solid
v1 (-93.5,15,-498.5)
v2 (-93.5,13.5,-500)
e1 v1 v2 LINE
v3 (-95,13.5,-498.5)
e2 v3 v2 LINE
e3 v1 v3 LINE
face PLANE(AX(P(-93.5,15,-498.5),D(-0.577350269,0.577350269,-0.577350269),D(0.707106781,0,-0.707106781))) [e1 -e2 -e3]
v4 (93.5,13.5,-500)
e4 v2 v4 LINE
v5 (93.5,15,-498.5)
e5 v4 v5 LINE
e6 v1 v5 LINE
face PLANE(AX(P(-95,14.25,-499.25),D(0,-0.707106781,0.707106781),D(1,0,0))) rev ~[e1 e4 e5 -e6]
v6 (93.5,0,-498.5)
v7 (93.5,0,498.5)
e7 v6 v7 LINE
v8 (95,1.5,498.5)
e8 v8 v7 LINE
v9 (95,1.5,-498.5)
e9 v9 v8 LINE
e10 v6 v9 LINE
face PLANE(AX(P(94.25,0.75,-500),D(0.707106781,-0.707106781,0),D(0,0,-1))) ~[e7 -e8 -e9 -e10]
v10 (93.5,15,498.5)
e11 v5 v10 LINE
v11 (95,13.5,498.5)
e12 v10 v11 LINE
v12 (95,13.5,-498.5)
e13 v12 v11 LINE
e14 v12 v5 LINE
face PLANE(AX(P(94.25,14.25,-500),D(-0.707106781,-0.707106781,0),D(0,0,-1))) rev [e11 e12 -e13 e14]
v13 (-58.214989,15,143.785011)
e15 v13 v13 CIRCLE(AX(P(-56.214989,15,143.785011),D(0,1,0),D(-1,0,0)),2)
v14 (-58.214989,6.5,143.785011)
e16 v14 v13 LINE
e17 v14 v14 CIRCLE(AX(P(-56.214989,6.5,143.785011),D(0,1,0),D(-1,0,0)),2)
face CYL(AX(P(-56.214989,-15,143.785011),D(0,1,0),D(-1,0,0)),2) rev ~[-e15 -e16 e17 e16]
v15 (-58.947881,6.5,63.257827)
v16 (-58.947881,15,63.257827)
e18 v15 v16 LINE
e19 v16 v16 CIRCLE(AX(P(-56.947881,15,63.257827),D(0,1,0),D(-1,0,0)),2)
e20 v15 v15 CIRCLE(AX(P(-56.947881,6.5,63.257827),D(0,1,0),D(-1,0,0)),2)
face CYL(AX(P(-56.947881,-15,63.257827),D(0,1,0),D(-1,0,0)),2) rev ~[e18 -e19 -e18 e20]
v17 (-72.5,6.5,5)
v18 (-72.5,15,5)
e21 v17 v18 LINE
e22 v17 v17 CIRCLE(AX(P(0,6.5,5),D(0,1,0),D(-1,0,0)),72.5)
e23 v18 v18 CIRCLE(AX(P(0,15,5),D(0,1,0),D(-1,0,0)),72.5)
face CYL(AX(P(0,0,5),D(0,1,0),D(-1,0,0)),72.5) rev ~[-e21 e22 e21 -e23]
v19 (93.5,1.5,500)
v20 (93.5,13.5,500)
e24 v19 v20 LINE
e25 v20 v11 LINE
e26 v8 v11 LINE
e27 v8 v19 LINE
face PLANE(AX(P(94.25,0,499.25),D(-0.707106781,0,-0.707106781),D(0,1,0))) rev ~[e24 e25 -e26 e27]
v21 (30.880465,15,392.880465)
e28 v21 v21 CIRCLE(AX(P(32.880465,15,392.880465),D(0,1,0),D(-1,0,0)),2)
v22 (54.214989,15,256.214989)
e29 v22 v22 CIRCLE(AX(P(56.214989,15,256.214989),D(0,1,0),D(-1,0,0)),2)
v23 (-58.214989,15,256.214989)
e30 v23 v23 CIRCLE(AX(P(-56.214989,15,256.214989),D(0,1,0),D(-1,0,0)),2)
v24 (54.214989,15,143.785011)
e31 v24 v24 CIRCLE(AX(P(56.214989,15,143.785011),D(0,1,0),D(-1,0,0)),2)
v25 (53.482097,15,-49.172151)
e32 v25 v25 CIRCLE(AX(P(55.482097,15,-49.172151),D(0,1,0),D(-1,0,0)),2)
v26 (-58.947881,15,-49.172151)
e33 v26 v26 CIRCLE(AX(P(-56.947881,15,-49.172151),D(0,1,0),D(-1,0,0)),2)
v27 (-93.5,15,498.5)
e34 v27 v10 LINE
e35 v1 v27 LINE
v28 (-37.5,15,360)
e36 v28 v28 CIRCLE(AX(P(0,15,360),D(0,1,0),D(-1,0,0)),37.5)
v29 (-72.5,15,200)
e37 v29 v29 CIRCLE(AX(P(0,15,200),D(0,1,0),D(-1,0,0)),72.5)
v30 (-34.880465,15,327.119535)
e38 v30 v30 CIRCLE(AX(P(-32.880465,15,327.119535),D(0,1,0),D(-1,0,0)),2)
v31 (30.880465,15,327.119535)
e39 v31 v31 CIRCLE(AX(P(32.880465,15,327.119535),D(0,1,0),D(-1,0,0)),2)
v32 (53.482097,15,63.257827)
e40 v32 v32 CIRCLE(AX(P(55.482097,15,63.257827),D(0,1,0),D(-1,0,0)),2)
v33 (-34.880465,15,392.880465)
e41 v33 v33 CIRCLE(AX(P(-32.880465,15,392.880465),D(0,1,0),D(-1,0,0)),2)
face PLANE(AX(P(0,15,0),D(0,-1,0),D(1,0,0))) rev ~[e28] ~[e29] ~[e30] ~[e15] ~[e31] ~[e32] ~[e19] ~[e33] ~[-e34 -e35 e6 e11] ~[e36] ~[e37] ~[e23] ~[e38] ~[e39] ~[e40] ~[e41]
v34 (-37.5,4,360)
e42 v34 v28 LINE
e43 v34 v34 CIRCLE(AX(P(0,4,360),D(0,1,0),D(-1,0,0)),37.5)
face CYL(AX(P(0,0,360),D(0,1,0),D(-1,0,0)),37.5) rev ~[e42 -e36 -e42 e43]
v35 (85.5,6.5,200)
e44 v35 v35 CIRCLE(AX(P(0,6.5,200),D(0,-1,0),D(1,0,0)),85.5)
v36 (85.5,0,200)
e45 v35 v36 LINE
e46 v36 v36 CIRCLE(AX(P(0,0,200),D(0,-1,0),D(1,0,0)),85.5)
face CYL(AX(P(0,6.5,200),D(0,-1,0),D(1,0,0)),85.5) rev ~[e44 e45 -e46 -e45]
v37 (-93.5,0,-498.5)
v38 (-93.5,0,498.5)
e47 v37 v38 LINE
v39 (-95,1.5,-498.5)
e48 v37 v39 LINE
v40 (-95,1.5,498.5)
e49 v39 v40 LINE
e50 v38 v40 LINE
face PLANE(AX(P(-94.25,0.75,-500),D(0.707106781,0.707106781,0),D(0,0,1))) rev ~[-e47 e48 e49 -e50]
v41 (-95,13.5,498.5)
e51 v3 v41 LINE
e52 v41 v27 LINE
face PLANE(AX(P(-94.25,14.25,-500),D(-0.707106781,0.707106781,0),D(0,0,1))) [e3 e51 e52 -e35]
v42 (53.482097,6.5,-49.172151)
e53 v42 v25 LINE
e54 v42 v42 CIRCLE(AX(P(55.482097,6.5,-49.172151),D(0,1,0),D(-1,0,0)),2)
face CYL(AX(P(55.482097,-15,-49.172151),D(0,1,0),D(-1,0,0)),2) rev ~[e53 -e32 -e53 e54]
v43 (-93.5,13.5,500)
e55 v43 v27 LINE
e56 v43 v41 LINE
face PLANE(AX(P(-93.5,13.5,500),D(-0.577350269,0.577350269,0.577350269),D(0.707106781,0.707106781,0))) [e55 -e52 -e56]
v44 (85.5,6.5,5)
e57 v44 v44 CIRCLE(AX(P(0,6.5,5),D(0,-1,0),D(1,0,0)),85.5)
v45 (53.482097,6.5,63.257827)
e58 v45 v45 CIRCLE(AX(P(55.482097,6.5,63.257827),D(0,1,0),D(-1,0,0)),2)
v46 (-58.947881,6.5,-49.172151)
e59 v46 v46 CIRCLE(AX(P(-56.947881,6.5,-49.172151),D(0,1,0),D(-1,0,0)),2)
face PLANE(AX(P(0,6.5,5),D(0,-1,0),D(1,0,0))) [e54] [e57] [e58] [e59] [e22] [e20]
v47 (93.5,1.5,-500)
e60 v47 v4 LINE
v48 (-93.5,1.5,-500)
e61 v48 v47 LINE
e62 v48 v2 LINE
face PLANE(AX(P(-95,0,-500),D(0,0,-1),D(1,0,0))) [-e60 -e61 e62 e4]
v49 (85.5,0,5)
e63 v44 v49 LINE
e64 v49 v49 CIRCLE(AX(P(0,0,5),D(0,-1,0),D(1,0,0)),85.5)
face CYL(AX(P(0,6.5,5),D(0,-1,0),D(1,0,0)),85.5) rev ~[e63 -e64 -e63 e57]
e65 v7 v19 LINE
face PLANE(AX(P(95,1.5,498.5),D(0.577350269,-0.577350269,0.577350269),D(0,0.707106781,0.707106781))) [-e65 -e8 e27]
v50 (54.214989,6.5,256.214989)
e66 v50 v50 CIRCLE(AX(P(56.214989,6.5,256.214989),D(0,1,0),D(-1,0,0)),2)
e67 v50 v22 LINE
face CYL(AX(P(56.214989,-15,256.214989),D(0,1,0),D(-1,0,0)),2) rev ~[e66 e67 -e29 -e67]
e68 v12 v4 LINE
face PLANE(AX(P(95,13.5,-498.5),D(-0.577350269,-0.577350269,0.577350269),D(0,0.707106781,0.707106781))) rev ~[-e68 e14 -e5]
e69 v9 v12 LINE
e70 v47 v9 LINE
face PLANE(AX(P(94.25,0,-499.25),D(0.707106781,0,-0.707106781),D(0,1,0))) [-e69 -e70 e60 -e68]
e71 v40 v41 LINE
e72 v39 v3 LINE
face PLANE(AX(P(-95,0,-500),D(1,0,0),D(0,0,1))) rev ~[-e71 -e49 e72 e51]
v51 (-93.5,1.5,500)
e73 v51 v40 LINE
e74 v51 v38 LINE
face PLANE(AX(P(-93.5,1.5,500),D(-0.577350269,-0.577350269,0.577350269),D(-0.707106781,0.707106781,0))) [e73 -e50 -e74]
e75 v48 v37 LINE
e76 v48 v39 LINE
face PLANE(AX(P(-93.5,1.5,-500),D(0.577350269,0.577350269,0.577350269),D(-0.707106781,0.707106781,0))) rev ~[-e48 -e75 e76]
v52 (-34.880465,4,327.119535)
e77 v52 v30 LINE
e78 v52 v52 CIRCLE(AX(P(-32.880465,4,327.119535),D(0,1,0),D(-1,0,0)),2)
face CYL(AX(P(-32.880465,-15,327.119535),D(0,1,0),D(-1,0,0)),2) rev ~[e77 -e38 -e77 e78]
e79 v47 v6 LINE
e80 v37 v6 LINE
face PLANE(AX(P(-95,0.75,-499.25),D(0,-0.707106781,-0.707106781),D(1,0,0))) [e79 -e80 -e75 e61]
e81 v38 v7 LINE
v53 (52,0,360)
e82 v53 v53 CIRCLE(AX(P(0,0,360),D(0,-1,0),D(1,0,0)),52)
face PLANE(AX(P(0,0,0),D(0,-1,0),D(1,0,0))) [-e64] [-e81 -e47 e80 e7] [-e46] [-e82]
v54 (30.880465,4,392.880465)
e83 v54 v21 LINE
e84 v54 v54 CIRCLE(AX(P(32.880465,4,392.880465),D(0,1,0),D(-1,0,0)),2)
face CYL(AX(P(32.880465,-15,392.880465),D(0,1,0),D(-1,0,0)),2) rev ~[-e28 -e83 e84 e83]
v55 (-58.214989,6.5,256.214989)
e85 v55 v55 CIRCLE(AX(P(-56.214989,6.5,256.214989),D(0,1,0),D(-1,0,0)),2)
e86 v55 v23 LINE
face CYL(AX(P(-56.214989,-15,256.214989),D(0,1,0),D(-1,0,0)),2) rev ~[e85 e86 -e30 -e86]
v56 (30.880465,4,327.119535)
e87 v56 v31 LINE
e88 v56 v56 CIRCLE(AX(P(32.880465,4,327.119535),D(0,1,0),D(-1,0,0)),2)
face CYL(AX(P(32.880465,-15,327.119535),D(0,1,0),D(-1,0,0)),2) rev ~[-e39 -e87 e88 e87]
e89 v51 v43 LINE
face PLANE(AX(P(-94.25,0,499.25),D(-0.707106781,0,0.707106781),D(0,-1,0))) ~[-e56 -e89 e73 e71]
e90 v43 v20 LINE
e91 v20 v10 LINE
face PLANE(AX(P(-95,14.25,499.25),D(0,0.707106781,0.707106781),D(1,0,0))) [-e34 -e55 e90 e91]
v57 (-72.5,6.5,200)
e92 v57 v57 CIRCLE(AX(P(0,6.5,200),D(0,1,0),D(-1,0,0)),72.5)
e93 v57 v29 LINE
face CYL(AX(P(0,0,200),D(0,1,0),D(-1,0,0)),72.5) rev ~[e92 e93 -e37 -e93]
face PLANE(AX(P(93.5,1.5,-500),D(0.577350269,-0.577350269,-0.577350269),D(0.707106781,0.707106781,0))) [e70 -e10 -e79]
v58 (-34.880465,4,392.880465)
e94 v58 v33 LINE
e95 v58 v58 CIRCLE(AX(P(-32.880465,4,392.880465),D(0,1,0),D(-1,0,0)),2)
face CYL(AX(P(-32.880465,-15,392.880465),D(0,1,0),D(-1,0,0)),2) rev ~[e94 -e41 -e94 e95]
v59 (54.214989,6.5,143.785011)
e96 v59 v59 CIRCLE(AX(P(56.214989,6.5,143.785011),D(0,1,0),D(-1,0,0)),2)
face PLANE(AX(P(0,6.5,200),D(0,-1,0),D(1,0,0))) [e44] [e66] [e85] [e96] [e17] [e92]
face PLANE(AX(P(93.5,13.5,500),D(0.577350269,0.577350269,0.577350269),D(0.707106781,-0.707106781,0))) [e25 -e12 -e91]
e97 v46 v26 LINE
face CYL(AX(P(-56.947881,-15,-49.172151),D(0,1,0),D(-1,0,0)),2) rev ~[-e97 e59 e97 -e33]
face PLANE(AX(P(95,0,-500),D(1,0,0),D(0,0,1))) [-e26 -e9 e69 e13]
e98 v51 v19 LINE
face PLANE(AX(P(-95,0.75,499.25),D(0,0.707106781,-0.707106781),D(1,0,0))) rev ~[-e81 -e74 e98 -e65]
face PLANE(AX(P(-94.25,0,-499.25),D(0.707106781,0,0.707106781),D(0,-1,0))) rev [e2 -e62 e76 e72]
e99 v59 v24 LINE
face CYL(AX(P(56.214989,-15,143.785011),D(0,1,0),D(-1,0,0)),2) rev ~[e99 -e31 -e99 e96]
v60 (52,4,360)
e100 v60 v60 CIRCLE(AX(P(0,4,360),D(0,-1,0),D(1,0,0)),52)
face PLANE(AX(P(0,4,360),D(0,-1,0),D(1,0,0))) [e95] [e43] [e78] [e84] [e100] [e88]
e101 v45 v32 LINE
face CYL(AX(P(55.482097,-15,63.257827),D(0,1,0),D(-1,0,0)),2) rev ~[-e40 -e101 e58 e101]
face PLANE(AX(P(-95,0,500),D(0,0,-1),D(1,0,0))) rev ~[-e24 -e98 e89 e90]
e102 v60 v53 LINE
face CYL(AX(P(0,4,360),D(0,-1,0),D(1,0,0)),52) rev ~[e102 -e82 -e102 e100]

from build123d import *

# Parameters (mm, degrees)
F0_W           = 190
F0_H           = 1000
F1_DEPTH       = 15
F2_D           = 75
F2_DEPTH       = 15
F2_CBORE_D     = 104
F2_CBORE_DEPTH = 4
F3_D           = 145
F3_DEPTH       = 15
F3_CBORE_D     = 171
F3_CBORE_DEPTH = 6.5
F4_D           = 145
F4_DEPTH       = 15
F4_CBORE_D     = 171
F4_CBORE_DEPTH = 6.5
F5_D           = 4
F5_DEPTH       = 15
F6_SIZE        = 1.5


with BuildPart() as f1:
    # F0 (on Front) → F1 (new body)
    with BuildSketch(Plane.XZ):
        Rectangle(F0_W, F0_H)
    extrude(amount=-F1_DEPTH)

    # F2
    with Locations(Plane.XZ):
        with Locations((0, 360)):
            CounterBoreHole(F2_D / 2, F2_CBORE_D / 2, F2_CBORE_DEPTH, depth=F2_DEPTH)

    # F3
    with Locations(Plane.XZ):
        with Locations((0, 200)):
            CounterBoreHole(F3_D / 2, F3_CBORE_D / 2, F3_CBORE_DEPTH, depth=F3_DEPTH)

    # F4
    with Locations(Plane.XZ):
        with Locations((0, 5)):
            CounterBoreHole(F4_D / 2, F4_CBORE_D / 2, F4_CBORE_DEPTH, depth=F4_DEPTH)

    # F5
    with Locations(Plane.XZ):
        with Locations((-56.214989, 256.214989), (56.214989, 256.214989), (56.214989, 143.785011), (-56.214989, 143.785011), (-56.947881, 63.257827), (55.482097, 63.257827), (55.482097, -49.172151), (-56.947881, -49.172151), (-32.880465, 392.880465), (32.880465, 392.880465), (32.880465, 327.119535), (-32.880465, 327.119535)):
            Hole(F5_D / 2, depth=F5_DEPTH)

    # F6
    f6_edges = [f1.edges().sort_by_distance(p)[0] for p in [
        (-95, 0, 0),
        (0, 0, 500),
        (95, 0, 0),
        (0, 0, -500),
        (-95, 7.5, -500),
        (-95, 15, 0),
        (0, 15, -500),
        (95, 7.5, -500),
        (95, 15, 0),
        (-95, 7.5, 500),
        (0, 15, 500),
        (95, 7.5, 500),
    ]]
    chamfer(f6_edges, length=F6_SIZE)


solid = f1.part
